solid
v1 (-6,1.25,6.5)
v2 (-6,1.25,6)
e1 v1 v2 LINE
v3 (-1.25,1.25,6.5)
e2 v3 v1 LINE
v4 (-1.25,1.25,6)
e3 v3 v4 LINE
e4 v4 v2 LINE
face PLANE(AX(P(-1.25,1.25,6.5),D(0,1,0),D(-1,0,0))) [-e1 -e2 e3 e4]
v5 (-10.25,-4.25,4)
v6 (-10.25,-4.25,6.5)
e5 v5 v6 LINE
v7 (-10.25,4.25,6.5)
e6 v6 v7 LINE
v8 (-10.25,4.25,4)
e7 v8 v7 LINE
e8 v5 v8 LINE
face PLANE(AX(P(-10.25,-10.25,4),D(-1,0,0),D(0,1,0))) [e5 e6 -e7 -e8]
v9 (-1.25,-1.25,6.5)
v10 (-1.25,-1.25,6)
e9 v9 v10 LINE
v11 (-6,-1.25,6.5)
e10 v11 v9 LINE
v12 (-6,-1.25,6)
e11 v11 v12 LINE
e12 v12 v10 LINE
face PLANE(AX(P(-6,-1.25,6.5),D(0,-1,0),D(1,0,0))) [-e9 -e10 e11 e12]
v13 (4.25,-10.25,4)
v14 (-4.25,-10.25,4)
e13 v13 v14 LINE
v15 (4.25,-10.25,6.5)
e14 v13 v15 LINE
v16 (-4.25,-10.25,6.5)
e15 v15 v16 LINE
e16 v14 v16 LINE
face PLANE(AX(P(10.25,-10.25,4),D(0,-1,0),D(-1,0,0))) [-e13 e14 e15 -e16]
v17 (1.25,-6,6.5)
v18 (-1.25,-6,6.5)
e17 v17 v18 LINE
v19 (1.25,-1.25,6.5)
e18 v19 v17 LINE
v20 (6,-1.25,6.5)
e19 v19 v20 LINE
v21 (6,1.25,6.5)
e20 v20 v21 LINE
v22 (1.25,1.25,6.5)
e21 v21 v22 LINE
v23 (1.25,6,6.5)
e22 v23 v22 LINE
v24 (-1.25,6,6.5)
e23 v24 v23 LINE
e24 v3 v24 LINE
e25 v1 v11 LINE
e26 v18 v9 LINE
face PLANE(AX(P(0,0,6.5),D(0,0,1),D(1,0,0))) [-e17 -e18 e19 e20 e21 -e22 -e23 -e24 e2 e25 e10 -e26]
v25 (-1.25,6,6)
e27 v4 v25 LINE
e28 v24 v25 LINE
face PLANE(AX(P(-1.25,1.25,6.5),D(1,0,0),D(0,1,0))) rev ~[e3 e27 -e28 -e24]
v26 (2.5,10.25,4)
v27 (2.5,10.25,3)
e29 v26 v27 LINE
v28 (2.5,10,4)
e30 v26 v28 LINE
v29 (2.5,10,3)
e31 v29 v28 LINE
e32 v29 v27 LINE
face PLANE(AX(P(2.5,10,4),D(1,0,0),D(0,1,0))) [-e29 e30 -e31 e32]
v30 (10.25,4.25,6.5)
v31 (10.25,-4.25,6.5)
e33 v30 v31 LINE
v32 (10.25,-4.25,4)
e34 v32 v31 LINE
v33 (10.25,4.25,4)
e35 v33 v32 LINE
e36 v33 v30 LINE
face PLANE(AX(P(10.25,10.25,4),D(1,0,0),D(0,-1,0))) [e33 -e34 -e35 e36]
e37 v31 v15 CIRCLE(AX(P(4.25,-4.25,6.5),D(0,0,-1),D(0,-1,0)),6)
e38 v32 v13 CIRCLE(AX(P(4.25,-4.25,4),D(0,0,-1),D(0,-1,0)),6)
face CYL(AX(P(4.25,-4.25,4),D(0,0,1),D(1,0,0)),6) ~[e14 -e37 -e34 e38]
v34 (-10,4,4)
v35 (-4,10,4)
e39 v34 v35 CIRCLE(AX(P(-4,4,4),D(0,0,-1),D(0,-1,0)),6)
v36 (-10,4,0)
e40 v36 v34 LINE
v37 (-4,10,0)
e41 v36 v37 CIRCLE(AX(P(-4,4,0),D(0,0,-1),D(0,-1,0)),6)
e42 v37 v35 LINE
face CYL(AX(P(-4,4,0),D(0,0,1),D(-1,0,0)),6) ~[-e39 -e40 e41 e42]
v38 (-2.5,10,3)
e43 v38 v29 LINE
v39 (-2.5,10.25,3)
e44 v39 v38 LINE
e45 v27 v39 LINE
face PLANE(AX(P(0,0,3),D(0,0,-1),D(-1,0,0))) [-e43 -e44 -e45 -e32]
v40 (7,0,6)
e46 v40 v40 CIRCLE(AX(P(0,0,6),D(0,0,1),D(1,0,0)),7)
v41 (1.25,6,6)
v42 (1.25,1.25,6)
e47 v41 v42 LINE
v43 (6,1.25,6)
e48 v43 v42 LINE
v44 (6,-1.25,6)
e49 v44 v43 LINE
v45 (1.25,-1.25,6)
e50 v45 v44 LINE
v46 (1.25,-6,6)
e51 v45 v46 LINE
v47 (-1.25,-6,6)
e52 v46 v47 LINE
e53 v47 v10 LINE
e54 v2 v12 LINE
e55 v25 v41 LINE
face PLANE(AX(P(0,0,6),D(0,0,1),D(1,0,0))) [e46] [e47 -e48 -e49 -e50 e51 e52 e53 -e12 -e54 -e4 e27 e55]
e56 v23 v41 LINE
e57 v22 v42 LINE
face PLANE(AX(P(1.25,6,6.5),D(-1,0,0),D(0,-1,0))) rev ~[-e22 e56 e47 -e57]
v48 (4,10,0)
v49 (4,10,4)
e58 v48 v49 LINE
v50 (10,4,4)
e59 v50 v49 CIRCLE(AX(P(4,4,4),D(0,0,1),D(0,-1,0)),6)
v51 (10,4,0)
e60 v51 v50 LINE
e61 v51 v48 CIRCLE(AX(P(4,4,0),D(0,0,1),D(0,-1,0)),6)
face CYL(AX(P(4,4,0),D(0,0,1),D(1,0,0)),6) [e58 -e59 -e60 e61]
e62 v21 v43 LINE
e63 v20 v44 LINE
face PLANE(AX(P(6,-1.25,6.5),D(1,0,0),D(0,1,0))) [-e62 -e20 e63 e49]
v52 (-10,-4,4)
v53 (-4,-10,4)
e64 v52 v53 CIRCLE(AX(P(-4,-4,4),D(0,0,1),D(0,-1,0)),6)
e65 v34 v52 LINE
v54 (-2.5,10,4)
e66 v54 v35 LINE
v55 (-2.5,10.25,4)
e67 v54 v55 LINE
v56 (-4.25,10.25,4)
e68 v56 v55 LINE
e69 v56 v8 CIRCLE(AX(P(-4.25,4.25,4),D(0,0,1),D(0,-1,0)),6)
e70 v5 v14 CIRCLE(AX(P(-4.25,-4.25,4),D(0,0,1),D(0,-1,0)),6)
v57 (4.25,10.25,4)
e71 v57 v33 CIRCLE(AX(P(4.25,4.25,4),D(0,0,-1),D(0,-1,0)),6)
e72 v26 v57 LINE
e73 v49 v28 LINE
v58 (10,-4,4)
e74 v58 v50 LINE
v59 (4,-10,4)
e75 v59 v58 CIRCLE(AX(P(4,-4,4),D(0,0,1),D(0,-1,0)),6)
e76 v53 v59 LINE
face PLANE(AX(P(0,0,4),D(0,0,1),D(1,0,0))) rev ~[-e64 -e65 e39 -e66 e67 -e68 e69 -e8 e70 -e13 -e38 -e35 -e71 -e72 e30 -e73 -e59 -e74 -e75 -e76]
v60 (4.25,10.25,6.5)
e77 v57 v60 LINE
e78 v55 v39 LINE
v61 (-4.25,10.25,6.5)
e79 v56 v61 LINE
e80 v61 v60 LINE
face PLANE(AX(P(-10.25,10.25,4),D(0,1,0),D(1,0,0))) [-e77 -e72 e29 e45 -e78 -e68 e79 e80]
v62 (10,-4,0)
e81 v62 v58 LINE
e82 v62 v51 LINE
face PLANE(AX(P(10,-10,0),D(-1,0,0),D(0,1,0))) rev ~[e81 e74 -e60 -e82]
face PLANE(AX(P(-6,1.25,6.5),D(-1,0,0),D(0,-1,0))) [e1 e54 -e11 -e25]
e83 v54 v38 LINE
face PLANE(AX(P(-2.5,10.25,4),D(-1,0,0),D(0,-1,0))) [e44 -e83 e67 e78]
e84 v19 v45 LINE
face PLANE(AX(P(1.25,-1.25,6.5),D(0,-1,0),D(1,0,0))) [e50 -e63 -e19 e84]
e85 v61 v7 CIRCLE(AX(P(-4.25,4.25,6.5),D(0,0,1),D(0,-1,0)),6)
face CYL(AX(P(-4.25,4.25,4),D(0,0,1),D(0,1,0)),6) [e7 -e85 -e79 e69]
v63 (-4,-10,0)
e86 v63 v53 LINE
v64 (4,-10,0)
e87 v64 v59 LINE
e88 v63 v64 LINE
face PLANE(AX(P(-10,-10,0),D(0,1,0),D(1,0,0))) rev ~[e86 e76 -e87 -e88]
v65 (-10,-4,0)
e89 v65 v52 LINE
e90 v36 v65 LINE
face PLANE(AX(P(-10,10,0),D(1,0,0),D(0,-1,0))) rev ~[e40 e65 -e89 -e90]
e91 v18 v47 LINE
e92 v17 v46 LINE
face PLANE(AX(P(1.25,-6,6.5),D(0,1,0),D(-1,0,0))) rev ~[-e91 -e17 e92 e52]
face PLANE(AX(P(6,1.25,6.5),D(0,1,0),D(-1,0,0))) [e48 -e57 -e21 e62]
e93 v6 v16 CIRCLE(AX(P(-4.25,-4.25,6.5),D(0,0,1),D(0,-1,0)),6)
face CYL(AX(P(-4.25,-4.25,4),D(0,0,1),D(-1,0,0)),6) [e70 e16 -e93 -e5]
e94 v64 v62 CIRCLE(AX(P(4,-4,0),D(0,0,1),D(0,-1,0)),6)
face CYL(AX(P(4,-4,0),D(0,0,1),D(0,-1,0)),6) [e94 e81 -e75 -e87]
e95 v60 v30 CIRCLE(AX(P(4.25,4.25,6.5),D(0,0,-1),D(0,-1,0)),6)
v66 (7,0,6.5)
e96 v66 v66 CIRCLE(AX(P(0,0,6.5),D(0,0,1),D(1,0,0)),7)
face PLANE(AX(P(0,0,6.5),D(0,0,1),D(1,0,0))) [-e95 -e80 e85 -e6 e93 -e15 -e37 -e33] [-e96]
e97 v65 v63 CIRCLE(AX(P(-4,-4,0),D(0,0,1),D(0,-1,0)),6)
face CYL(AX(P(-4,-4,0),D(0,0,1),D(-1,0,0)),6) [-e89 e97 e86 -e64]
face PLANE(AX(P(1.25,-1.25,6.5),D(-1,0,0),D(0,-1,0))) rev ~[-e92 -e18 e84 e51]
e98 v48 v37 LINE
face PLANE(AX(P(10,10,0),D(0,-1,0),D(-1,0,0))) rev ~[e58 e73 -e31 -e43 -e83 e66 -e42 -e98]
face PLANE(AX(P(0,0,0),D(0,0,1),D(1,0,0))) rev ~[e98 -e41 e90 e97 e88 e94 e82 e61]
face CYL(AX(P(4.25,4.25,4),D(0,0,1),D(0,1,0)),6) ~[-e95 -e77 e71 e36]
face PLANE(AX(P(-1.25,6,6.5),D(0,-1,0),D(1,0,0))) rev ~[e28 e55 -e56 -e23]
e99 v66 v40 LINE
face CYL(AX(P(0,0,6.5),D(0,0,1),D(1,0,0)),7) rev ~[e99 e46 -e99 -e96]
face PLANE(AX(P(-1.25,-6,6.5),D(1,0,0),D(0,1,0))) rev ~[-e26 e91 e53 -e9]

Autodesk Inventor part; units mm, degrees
ref_plane "YZ Plane" through (0, 0, 0) normal (1, 0, 0) x (0, 1, 0)
ref_plane "XZ Plane" through (0, 0, 0) normal (0, 1, 0) x (-1, 0, 0)
ref_plane "XY Plane" through (0, 0, 0) normal (0, 0, 1) x (1, 0, 0)
sketch "Sketch1" plane through (0, 0, 0) normal (0, 0, 1) x (1, 0, 0)
  line L0 (-10, -10) -> (10, -10)
  line L1 (10, -10) -> (10, 10)
  line L2 (10, 10) -> (-10, 10)
  line L3 (-10, 10) -> (-10, -10)
  line L4 (-10, -10) -> (10, 10) construction
  line L5 (10, -10) -> (-10, 10) construction
  point P0 (0, 0)
  dimension "d0" = 20
  dimension "d1" = 20
extrude "Extrusion1" add sketch "Sketch1" along normal blind 4
sketch "Sketch2" plane through (0, 0, 4) normal (0, 0, 1) x (1, 0, 0)
  line L0 (-10.25, 10.25) -> (10.25, 10.25)
  line L1 (10.25, 10.25) -> (10.25, -10.25)
  line L2 (10.25, -10.25) -> (-10.25, -10.25)
  line L3 (-10.25, -10.25) -> (-10.25, 10.25)
  line L4 (-10.25, 10.25) -> (10.25, -10.25) construction
  line L5 (10.25, 10.25) -> (-10.25, -10.25) construction
  point P0 (0, 0)
  dimension "d4" = 20.5
  dimension "d5" = 20.5
extrude "Extrusion2" add sketch "Sketch2" along normal blind 2.5
fillet "Fillet1" radius 6 8 edges at (-10, 10, 2) (10, 10, 2) (-10, -10, 2) (-10.25, -10.25, 5.25) (-10.25, 10.25, 5.25) (10.25, 10.25, 5.25) (10, -10, 2) (10.25, -10.25, 5.25)
sketch "Sketch3" plane through (0, 0, 4) normal (0, 0, -1) x (-1, 0, 0)
  line L0 (-4.25, 10.25) -> (4.25, 10.25) projected
  line L1 (2.5, 9.75) -> (-2.5, 9.75)
  line L2 (-2.5, 9.75) -> (-2.5, 10.25)
  line L3 (-2.5, 10.25) -> (2.5, 10.25)
  line L4 (2.5, 10.25) -> (2.5, 9.75)
  line L5 (-4, 10) -> (4, 10) projected
  line L6 (2.5, 9.75) -> (-2.5, 10.25) construction
  line L7 (-2.5, 9.75) -> (2.5, 10.25) construction
  point P0 (0, 0)
  point P1 (0, 10)
  dimension "d9" = 5
extrude "Extrusion3" add sketch "Sketch3" along normal blind 1
sketch "Sketch4" plane through (0, 0, 6.5) normal (0, 0, 1) x (1, 0, 0)
  circle A0 centre (0, 0) radius 7
  line L0 (-6, -1.25) -> (6, -1.25)
  line L1 (6, -1.25) -> (6, 1.25)
  line L2 (6, 1.25) -> (-6, 1.25)
  line L3 (-6, 1.25) -> (-6, -1.25)
  line L4 (-6, -1.25) -> (6, 1.25) construction
  line L5 (6, -1.25) -> (-6, 1.25) construction
  line L6 (1.25, -6) -> (-1.25, -6)
  line L7 (-1.25, -6) -> (-1.25, 6)
  line L8 (-1.25, 6) -> (1.25, 6)
  line L9 (1.25, 6) -> (1.25, -6)
  line L10 (1.25, -6) -> (-1.25, 6) construction
  line L11 (-1.25, -6) -> (1.25, 6) construction
  point P0 (-1.25, 1.25)
  point P1 (1.25, 1.25)
  point P2 (1.25, -1.25)
  point P3 (-1.25, -1.25)
  dimension "d12" = 14
  dimension "d13" = 12
  dimension "d14" = 2.5
  dimension "d15" = 2.5
  dimension "d16" = 12
extrude "Extrusion4" cut sketch "Sketch4" against normal blind 0.5
equation "\"d1\" = d0"
equation "\"d5\" = d4"
properties part number "Health-Item-Pack"
